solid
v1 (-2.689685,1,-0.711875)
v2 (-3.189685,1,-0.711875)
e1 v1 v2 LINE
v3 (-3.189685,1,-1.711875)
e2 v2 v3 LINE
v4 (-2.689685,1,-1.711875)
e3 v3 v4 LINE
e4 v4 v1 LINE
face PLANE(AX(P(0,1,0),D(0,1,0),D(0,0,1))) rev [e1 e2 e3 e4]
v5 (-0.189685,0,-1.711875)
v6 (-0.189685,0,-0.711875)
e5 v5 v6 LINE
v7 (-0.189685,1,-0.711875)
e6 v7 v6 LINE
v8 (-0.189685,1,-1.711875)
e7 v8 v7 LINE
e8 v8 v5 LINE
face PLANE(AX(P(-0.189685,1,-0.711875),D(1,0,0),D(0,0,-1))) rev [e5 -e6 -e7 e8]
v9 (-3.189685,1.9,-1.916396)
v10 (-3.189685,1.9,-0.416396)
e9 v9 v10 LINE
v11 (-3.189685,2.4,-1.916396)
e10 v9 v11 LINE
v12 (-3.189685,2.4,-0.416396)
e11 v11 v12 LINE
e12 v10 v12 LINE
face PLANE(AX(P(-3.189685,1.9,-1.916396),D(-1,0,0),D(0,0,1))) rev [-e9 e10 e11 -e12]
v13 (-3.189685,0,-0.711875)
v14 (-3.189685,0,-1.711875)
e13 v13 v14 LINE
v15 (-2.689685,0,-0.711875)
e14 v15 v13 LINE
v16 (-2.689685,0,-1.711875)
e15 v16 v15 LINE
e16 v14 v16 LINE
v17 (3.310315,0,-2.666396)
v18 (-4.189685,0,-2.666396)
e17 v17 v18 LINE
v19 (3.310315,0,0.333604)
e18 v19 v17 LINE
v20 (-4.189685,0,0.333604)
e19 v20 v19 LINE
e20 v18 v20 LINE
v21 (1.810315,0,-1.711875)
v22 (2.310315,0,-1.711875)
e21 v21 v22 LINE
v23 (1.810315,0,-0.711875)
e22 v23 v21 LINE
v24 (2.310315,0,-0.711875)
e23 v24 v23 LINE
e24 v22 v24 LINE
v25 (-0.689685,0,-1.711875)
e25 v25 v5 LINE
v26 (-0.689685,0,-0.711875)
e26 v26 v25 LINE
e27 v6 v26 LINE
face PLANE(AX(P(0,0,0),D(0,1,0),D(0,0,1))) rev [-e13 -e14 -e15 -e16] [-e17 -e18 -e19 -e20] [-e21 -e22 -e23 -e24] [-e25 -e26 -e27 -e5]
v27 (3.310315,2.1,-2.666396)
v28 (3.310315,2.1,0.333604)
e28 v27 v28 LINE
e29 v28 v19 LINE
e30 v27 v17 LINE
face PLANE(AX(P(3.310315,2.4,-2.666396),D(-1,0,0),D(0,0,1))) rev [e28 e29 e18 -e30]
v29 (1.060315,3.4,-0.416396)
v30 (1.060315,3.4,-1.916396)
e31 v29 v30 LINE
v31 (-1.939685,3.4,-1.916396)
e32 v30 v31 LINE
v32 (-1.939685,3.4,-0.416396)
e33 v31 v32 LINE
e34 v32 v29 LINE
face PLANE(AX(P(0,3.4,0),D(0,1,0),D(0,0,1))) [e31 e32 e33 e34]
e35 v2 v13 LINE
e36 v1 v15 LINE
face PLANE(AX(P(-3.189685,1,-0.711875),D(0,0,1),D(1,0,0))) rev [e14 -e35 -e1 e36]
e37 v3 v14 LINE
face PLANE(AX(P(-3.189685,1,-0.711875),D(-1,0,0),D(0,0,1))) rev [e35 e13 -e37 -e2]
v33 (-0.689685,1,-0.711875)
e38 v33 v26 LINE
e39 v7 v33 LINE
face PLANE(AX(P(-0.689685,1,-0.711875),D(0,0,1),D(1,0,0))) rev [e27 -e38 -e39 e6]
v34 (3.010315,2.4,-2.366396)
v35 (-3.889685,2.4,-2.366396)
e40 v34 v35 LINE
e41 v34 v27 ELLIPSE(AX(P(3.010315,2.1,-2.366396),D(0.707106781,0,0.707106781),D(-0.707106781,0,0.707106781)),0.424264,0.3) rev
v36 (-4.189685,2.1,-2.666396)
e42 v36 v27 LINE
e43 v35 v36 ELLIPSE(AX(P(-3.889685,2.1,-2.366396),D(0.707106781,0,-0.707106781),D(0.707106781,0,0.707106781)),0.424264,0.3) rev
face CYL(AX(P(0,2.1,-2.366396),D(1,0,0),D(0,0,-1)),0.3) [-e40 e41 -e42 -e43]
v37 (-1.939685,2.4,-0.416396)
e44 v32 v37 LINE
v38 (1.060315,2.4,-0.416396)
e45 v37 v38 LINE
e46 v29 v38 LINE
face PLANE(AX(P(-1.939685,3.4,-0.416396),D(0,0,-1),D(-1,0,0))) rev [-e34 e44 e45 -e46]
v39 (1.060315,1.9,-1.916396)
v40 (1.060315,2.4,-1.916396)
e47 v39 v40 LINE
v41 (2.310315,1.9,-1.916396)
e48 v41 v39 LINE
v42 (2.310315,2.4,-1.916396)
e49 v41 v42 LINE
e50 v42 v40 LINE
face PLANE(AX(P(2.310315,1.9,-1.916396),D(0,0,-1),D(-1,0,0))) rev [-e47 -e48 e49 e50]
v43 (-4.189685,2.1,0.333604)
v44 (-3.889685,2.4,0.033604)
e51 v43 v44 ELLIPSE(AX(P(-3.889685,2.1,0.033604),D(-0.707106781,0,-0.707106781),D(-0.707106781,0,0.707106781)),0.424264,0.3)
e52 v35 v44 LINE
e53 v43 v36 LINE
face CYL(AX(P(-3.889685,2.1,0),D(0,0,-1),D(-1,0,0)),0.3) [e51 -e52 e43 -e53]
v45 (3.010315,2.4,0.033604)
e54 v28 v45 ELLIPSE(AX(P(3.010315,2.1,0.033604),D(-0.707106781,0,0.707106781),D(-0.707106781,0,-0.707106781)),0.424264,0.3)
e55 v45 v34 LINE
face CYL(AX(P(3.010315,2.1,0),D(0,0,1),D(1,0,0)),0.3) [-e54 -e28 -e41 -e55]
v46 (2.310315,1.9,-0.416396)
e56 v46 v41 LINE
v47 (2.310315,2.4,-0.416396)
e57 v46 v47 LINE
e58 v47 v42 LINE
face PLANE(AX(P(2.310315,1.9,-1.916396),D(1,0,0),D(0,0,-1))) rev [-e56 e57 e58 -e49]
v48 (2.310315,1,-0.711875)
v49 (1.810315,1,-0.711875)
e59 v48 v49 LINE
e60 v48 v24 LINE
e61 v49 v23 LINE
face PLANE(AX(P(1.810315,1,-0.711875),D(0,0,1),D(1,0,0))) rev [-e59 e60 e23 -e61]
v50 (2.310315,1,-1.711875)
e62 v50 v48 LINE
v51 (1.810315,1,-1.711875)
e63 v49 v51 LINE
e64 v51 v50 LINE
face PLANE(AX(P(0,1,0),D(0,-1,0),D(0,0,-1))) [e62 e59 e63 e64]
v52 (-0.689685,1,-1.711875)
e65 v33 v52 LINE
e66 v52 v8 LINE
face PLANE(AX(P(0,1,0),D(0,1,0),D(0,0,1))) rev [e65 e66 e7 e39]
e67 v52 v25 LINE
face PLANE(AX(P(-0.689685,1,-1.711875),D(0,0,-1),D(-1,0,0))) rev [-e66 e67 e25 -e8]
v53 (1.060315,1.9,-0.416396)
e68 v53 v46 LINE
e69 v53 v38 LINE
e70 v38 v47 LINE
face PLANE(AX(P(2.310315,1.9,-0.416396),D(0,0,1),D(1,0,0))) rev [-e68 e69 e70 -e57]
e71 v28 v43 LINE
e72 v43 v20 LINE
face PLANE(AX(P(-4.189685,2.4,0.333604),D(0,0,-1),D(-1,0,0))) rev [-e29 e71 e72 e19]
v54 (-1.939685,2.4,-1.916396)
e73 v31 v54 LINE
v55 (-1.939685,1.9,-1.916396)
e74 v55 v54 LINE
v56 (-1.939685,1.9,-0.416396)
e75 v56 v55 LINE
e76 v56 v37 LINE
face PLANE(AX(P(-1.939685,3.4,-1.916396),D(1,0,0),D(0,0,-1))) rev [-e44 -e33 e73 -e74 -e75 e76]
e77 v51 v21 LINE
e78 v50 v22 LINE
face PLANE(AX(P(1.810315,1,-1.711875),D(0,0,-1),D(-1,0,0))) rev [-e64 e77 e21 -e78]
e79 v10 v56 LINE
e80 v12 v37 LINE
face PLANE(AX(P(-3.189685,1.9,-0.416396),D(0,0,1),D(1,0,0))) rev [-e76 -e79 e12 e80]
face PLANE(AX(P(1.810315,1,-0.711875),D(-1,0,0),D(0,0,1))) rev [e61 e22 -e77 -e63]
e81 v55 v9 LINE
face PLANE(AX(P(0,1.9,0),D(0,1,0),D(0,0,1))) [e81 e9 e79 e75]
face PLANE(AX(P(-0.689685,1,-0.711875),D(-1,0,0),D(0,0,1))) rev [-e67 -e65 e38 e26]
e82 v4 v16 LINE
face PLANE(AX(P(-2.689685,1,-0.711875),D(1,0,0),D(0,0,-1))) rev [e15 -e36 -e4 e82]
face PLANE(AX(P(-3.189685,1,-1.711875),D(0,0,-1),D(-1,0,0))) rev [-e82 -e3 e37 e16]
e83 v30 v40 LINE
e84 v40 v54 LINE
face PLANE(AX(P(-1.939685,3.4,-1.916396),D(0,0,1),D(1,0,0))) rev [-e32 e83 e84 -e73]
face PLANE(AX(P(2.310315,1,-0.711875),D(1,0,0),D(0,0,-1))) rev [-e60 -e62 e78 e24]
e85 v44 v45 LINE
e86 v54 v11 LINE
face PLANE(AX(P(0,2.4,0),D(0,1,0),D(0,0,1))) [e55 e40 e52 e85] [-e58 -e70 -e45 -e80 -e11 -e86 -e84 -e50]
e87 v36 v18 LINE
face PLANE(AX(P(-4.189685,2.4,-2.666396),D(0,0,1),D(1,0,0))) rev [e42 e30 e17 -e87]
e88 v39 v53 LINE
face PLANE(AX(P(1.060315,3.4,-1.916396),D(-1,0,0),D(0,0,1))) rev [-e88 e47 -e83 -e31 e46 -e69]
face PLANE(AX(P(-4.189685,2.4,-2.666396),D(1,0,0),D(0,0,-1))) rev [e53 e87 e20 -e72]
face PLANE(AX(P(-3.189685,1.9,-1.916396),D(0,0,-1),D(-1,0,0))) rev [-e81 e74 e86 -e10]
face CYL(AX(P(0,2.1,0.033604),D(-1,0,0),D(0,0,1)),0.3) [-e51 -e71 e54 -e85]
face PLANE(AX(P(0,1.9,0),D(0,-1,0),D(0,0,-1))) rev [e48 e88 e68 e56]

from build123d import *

# Parameters (mm, degrees)
SKETCH1_W           = 7.5
SKETCH1_H           = 3
BOSS_EXTRUDE1_DEPTH = 2.4
SKETCH2_W           = 3
SKETCH2_H           = 1.5
BOSS_EXTRUDE2_DEPTH = 1
SKETCH3_W           = 1.25
SKETCH3_H           = 1.5
CUT_EXTRUDE1_DEPTH  = 0.5
SKETCH4_W           = 0.5
SKETCH4_H           = 1
CUT_EXTRUDE2_DEPTH  = 1
FILLET1_R           = 0.3


with BuildPart() as part:
    # Sketch1 → Boss-Extrude1 (new body)
    with BuildSketch(Plane(origin=(0, 0, 0), x_dir=(1, 0, 0), z_dir=(0, 1, 0))):
        with Locations((-0.439685246, 1.166396104)):
            Rectangle(SKETCH1_W, SKETCH1_H)
    extrude(amount=BOSS_EXTRUDE1_DEPTH)

    # Sketch2 → Boss-Extrude2 (add)
    with BuildSketch(Plane(origin=(0, 2.4, 0), x_dir=(1, 0, 0), z_dir=(0, 1, 0))):
        with Locations((-0.439685246, 1.166396104)):
            Rectangle(SKETCH2_W, SKETCH2_H)
    extrude(amount=BOSS_EXTRUDE2_DEPTH)

    # Sketch3 → Cut-Extrude1 (cut)
    with BuildSketch(Plane(origin=(0, 2.4, 0), x_dir=(1, 0, 0), z_dir=(0, 1, 0))):
        with Locations((1.685314754, 1.166396104)):
            Rectangle(SKETCH3_W, SKETCH3_H)
        with Locations((-2.564685246, 1.166396104)):
            Rectangle(SKETCH3_W, SKETCH3_H)
    extrude(amount=-CUT_EXTRUDE1_DEPTH, mode=Mode.SUBTRACT)

    # Sketch4 → Cut-Extrude2 (cut)
    with BuildSketch(Plane.XZ):
        with Locations((2.060314754, -1.211874682)):
            Rectangle(SKETCH4_W, SKETCH4_H)
        with Locations((-0.439685246, -1.211874682)):
            Rectangle(SKETCH4_W, SKETCH4_H)
        with Locations((-2.939685246, -1.211874682)):
            Rectangle(SKETCH4_W, SKETCH4_H)
    extrude(amount=-CUT_EXTRUDE2_DEPTH, mode=Mode.SUBTRACT)

    # Fillet1
    fillet1_edges = [part.edges().sort_by_distance(p)[0] for p in [
        (3.310314754, 2.4, -1.166396104),
        (-0.439685246, 2.4, -2.666396104),
        (-4.189685246, 2.4, -1.166396104),
        (-0.439685246, 2.4, 0.333603896),
    ]]
    fillet(fillet1_edges, radius=FILLET1_R)


solid = part.part
